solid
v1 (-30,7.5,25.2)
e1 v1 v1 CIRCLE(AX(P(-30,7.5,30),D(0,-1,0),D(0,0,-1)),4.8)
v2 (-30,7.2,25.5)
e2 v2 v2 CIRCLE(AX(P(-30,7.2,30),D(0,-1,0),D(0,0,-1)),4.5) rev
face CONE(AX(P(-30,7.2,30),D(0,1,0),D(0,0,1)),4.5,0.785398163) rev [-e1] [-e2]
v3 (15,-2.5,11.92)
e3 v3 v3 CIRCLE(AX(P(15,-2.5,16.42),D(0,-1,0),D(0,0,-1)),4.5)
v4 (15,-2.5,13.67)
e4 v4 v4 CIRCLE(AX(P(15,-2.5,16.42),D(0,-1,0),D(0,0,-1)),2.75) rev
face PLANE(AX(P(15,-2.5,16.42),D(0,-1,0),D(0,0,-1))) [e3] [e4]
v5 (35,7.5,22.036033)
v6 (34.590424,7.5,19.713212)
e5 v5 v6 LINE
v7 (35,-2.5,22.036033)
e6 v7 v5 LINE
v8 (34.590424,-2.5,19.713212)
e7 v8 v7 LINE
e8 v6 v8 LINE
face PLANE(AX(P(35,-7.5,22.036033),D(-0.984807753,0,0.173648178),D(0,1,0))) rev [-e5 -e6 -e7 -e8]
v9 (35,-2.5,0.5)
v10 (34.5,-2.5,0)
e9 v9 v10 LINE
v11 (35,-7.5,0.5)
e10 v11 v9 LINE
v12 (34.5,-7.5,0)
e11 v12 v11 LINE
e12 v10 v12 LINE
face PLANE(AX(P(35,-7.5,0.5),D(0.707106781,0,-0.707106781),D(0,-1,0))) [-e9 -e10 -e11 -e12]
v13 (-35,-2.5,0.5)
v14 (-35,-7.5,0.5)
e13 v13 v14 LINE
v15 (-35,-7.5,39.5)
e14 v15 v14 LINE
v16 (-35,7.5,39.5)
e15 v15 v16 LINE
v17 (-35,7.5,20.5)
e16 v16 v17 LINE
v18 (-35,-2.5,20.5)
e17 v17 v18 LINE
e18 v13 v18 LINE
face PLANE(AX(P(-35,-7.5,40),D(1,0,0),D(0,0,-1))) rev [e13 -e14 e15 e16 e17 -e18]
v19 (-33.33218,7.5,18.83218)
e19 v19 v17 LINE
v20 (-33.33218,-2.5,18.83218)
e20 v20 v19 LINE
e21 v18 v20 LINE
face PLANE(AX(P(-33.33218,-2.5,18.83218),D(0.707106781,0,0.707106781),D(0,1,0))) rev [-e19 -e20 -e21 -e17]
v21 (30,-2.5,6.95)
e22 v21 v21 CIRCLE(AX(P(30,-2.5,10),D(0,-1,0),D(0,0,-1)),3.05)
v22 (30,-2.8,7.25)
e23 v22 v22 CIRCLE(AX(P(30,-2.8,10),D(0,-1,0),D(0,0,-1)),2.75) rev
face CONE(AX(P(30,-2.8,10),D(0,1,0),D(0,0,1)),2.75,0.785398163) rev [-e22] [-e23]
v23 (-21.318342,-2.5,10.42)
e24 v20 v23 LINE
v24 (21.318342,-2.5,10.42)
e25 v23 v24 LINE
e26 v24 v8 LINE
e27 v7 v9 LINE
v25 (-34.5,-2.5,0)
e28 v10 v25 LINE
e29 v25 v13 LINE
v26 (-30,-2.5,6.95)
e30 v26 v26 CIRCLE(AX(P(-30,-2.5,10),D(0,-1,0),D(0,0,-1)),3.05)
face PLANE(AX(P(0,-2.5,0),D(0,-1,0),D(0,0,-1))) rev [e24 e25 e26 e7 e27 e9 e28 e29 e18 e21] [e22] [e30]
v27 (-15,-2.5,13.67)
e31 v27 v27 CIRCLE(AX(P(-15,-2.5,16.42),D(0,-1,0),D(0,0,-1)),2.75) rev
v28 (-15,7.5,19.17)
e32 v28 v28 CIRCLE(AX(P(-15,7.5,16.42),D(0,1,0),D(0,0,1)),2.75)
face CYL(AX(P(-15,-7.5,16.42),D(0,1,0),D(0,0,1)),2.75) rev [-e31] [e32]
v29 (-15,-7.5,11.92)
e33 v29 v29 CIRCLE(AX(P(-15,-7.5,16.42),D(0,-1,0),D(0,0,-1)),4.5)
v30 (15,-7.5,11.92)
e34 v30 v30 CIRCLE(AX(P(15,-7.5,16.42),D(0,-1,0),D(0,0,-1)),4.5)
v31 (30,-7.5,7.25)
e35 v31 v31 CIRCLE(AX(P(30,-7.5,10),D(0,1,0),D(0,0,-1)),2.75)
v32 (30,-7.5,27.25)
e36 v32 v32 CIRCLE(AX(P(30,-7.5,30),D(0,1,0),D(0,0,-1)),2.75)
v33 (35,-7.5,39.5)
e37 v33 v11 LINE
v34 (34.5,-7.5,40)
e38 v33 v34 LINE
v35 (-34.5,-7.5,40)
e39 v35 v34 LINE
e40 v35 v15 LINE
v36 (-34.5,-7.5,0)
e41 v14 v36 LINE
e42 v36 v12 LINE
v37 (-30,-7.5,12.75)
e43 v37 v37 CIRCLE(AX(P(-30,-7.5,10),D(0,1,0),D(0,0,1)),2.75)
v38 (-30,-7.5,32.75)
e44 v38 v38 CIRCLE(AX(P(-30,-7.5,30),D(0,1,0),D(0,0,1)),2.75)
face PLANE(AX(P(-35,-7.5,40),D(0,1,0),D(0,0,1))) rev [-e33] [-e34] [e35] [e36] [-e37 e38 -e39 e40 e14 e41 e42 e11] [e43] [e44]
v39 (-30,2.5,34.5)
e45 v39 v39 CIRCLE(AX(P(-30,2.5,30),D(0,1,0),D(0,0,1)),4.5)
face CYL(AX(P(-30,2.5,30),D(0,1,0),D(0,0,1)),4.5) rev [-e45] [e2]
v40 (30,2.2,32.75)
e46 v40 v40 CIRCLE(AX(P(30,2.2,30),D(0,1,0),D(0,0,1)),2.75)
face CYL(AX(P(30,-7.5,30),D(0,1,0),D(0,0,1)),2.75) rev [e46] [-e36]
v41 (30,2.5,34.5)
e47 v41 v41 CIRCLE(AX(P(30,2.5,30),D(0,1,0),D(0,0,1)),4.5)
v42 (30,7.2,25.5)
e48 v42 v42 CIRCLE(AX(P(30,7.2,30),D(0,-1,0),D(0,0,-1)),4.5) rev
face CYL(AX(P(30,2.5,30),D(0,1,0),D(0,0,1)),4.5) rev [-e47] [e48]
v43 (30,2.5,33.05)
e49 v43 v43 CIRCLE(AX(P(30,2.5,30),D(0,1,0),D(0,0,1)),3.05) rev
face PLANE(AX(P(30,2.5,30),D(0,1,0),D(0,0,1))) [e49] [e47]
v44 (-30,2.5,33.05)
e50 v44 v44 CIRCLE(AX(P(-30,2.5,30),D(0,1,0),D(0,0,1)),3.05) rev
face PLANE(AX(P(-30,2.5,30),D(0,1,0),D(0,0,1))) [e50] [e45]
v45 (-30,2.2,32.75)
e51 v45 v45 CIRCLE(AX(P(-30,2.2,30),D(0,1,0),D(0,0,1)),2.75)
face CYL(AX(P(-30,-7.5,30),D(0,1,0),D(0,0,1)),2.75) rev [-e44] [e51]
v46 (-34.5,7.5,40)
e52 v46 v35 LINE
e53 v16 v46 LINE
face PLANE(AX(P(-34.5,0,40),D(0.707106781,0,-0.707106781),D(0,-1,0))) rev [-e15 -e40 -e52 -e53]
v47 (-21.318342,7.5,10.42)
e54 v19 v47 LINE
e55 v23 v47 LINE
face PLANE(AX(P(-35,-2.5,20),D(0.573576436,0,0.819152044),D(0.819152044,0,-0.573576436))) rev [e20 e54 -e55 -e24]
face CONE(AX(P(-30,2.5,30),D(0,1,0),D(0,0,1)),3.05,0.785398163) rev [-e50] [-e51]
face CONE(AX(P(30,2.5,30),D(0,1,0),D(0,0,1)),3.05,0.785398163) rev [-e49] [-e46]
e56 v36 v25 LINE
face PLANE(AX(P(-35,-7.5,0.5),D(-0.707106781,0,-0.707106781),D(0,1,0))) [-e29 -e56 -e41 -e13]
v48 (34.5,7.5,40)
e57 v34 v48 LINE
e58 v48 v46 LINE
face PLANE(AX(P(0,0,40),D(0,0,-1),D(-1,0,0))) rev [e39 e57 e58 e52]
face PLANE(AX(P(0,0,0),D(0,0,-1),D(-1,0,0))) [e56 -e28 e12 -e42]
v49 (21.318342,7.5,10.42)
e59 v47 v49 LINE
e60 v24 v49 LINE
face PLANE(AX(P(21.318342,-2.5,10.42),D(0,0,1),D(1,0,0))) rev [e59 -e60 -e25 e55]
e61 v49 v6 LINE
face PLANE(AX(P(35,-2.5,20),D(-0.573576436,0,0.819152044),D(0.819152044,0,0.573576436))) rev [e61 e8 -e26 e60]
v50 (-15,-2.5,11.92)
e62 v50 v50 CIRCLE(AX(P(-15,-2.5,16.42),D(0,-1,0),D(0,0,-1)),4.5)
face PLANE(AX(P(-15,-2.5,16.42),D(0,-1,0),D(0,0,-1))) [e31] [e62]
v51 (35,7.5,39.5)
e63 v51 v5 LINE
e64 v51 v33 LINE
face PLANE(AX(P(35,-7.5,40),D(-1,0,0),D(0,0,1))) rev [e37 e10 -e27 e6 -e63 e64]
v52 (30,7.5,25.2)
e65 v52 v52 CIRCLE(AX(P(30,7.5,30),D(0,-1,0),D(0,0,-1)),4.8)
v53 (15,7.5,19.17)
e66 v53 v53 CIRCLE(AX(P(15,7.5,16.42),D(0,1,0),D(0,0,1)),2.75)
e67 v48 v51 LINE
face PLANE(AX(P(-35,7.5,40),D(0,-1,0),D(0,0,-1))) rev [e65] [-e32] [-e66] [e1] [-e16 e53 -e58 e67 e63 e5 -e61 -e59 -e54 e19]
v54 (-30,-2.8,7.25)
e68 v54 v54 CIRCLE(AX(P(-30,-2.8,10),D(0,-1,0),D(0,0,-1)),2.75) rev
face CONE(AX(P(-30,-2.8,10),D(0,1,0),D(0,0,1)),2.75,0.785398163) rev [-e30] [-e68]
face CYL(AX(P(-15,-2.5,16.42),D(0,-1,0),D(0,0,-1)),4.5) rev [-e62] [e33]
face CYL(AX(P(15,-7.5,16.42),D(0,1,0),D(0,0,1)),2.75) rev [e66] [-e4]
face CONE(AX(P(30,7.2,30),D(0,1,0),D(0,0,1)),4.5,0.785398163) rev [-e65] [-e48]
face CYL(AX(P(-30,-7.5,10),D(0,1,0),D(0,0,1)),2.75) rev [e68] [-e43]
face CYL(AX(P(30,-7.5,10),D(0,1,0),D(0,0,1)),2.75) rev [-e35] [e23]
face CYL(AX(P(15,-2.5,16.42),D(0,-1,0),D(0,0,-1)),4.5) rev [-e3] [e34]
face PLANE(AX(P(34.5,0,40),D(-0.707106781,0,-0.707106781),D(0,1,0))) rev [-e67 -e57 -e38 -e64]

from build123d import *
from OCP.BRepFilletAPI import BRepFilletAPI_MakeChamfer

# Parameters (mm, degrees)
SKETCH1_W           = 70
SKETCH1_H           = 15
BOSS_EXTRUDE1_DEPTH = 40
SKETCH2_R           = 2.75
CUT_EXTRUDE1_DEPTH  = 56.226805086
SKETCH3_R           = 2.75
CUT_EXTRUDE2_DEPTH  = 56.226805086
CUT_EXTRUDE5_DEPTH  = 10
SKETCH4_R           = 4.5
CUT_EXTRUDE3_DEPTH  = 5
SKETCH5_R           = 4.5
CUT_EXTRUDE4_DEPTH  = 5
CHAMFER1_SIZE       = 0.3
CHAMFER2_SIZE       = 0.3
CHAMFER3_SIZE       = 0.5
CHAMFER3_SIZE2      = 2.03603283


with BuildPart() as part:
    # Sketch1 → Boss-Extrude1 (new body)
    with BuildSketch(Plane.XY):
        Rectangle(SKETCH1_W, SKETCH1_H)
    extrude(amount=BOSS_EXTRUDE1_DEPTH)

    # Sketch2 → Cut-Extrude1 (cut, through all)
    with BuildSketch(Plane(origin=(0, 7.5, 0), x_dir=(1, 0, 0), z_dir=(0, 1, 0))):
        with Locations(Location((-15, -16.42, 0), (0, 0, 270))):
            Circle(SKETCH2_R)
        with Locations(Location((15, -16.42, 0), (0, 0, 270))):
            Circle(SKETCH2_R)
    extrude(amount=-CUT_EXTRUDE1_DEPTH, mode=Mode.SUBTRACT)

    # Sketch3 → Cut-Extrude2 (cut, through all)
    with BuildSketch(Plane(origin=(0, 7.5, 0), x_dir=(1, 0, 0), z_dir=(0, 1, 0))):
        with Locations(Location((-30, -10, 0), (0, 0, 270))):
            Circle(SKETCH3_R)
        with Locations(Location((30, -10, 0), (0, 0, 90))):
            Circle(SKETCH3_R)
        with Locations(Location((-30, -30, 0), (0, 0, 270))):
            Circle(SKETCH3_R)
        with Locations(Location((30, -30, 0), (0, 0, 90))):
            Circle(SKETCH3_R)
    extrude(amount=-CUT_EXTRUDE2_DEPTH, mode=Mode.SUBTRACT)

    # Sketch7 → Cut-Extrude5 (cut)
    with BuildSketch(Plane(origin=(0, 7.5, 0), x_dir=(1, 0, 0), z_dir=(0, 1, 0))):
        Polygon((-35, 0), (35, 0), (35, -10.42), (35, -20), (21.318342095, -10.42), (-21.318342095, -10.42), (-35, -20), align=None)
    extrude(amount=-CUT_EXTRUDE5_DEPTH, mode=Mode.SUBTRACT)

    # Sketch4 → Cut-Extrude3 (cut)
    with BuildSketch(Plane(origin=(0, 7.5, 0), x_dir=(1, 0, 0), z_dir=(0, 1, 0))):
        with Locations((-30, -10)):
            Circle(SKETCH4_R)
        with Locations(Location((-30, -30, 0), (0, 0, 270))):
            Circle(SKETCH4_R)
        with Locations(Location((30, -30, 0), (0, 0, 270))):
            Circle(SKETCH4_R)
        with Locations((30, -10)):
            Circle(SKETCH4_R)
    extrude(amount=-CUT_EXTRUDE3_DEPTH, mode=Mode.SUBTRACT)

    # Sketch5 → Cut-Extrude4 (cut)
    with BuildSketch(Plane.XZ.offset(7.5)):
        with Locations(Location((-15, 16.42, 0), (0, 0, 270))):
            Circle(SKETCH5_R)
        with Locations(Location((15, 16.42, 0), (0, 0, 270))):
            Circle(SKETCH5_R)
    extrude(amount=-CUT_EXTRUDE4_DEPTH, mode=Mode.SUBTRACT)

    # Chamfer1
    chamfer1_edges = [part.edges().sort_by_distance(p)[0] for p in [
        (30, -2.5, 12.75),
        (-30, -2.5, 7.25),
        (30, 2.5, 32.75),
        (-30, 2.5, 27.25),
    ]]
    chamfer(chamfer1_edges, length=CHAMFER1_SIZE)

    # Chamfer2
    chamfer2_edges = [part.edges().sort_by_distance(p)[0] for p in [
        (30, 7.5, 25.5),
        (-30, 7.5, 25.5),
    ]]
    chamfer(chamfer2_edges, length=CHAMFER2_SIZE)

    # Chamfer3: one chamfer whose edges measure the first distance from different faces: ONE call of the kernel's chamfer builder (chamfer() names one face for all edges)
    chamfer3_edges_1 = [part.edges().sort_by_distance(p)[0] for p in [
        (-35, 0, 40),
        (-35, -5, 0),
        (35, 0, 40),
        (35, -5, 0),
    ]]
    chamfer3_edges_2 = [part.edges().sort_by_distance(p)[0] for p in [
        (-35, 2.5, 20),
    ]]
    chamfer3_side_2 = [part.faces().sort_by_distance(p)[0] for p in [
        (-35, -1.25, 25),
    ]]
    chamfer3_edges_3 = [part.edges().sort_by_distance(p)[0] for p in [
        (35, 2.5, 20),
    ]]
    chamfer3_side_3 = [part.faces().sort_by_distance(p)[0] for p in [
        (28.159171048, 2.5, 15.21),
    ]]
    chamfer3 = BRepFilletAPI_MakeChamfer(part.part.solid().wrapped)
    for e in chamfer3_edges_1:
        chamfer3.Add(CHAMFER3_SIZE, e.wrapped)
    for e in chamfer3_edges_2:
        chamfer3.Add(CHAMFER3_SIZE, CHAMFER3_SIZE2, e.wrapped, chamfer3_side_2[0].wrapped)  # the first distance lies on this face
    for e in chamfer3_edges_3:
        chamfer3.Add(CHAMFER3_SIZE, CHAMFER3_SIZE2, e.wrapped, chamfer3_side_3[0].wrapped)  # the first distance lies on this face
    add(Compound.cast(chamfer3.Shape()), mode=Mode.REPLACE)


solid = part.part
